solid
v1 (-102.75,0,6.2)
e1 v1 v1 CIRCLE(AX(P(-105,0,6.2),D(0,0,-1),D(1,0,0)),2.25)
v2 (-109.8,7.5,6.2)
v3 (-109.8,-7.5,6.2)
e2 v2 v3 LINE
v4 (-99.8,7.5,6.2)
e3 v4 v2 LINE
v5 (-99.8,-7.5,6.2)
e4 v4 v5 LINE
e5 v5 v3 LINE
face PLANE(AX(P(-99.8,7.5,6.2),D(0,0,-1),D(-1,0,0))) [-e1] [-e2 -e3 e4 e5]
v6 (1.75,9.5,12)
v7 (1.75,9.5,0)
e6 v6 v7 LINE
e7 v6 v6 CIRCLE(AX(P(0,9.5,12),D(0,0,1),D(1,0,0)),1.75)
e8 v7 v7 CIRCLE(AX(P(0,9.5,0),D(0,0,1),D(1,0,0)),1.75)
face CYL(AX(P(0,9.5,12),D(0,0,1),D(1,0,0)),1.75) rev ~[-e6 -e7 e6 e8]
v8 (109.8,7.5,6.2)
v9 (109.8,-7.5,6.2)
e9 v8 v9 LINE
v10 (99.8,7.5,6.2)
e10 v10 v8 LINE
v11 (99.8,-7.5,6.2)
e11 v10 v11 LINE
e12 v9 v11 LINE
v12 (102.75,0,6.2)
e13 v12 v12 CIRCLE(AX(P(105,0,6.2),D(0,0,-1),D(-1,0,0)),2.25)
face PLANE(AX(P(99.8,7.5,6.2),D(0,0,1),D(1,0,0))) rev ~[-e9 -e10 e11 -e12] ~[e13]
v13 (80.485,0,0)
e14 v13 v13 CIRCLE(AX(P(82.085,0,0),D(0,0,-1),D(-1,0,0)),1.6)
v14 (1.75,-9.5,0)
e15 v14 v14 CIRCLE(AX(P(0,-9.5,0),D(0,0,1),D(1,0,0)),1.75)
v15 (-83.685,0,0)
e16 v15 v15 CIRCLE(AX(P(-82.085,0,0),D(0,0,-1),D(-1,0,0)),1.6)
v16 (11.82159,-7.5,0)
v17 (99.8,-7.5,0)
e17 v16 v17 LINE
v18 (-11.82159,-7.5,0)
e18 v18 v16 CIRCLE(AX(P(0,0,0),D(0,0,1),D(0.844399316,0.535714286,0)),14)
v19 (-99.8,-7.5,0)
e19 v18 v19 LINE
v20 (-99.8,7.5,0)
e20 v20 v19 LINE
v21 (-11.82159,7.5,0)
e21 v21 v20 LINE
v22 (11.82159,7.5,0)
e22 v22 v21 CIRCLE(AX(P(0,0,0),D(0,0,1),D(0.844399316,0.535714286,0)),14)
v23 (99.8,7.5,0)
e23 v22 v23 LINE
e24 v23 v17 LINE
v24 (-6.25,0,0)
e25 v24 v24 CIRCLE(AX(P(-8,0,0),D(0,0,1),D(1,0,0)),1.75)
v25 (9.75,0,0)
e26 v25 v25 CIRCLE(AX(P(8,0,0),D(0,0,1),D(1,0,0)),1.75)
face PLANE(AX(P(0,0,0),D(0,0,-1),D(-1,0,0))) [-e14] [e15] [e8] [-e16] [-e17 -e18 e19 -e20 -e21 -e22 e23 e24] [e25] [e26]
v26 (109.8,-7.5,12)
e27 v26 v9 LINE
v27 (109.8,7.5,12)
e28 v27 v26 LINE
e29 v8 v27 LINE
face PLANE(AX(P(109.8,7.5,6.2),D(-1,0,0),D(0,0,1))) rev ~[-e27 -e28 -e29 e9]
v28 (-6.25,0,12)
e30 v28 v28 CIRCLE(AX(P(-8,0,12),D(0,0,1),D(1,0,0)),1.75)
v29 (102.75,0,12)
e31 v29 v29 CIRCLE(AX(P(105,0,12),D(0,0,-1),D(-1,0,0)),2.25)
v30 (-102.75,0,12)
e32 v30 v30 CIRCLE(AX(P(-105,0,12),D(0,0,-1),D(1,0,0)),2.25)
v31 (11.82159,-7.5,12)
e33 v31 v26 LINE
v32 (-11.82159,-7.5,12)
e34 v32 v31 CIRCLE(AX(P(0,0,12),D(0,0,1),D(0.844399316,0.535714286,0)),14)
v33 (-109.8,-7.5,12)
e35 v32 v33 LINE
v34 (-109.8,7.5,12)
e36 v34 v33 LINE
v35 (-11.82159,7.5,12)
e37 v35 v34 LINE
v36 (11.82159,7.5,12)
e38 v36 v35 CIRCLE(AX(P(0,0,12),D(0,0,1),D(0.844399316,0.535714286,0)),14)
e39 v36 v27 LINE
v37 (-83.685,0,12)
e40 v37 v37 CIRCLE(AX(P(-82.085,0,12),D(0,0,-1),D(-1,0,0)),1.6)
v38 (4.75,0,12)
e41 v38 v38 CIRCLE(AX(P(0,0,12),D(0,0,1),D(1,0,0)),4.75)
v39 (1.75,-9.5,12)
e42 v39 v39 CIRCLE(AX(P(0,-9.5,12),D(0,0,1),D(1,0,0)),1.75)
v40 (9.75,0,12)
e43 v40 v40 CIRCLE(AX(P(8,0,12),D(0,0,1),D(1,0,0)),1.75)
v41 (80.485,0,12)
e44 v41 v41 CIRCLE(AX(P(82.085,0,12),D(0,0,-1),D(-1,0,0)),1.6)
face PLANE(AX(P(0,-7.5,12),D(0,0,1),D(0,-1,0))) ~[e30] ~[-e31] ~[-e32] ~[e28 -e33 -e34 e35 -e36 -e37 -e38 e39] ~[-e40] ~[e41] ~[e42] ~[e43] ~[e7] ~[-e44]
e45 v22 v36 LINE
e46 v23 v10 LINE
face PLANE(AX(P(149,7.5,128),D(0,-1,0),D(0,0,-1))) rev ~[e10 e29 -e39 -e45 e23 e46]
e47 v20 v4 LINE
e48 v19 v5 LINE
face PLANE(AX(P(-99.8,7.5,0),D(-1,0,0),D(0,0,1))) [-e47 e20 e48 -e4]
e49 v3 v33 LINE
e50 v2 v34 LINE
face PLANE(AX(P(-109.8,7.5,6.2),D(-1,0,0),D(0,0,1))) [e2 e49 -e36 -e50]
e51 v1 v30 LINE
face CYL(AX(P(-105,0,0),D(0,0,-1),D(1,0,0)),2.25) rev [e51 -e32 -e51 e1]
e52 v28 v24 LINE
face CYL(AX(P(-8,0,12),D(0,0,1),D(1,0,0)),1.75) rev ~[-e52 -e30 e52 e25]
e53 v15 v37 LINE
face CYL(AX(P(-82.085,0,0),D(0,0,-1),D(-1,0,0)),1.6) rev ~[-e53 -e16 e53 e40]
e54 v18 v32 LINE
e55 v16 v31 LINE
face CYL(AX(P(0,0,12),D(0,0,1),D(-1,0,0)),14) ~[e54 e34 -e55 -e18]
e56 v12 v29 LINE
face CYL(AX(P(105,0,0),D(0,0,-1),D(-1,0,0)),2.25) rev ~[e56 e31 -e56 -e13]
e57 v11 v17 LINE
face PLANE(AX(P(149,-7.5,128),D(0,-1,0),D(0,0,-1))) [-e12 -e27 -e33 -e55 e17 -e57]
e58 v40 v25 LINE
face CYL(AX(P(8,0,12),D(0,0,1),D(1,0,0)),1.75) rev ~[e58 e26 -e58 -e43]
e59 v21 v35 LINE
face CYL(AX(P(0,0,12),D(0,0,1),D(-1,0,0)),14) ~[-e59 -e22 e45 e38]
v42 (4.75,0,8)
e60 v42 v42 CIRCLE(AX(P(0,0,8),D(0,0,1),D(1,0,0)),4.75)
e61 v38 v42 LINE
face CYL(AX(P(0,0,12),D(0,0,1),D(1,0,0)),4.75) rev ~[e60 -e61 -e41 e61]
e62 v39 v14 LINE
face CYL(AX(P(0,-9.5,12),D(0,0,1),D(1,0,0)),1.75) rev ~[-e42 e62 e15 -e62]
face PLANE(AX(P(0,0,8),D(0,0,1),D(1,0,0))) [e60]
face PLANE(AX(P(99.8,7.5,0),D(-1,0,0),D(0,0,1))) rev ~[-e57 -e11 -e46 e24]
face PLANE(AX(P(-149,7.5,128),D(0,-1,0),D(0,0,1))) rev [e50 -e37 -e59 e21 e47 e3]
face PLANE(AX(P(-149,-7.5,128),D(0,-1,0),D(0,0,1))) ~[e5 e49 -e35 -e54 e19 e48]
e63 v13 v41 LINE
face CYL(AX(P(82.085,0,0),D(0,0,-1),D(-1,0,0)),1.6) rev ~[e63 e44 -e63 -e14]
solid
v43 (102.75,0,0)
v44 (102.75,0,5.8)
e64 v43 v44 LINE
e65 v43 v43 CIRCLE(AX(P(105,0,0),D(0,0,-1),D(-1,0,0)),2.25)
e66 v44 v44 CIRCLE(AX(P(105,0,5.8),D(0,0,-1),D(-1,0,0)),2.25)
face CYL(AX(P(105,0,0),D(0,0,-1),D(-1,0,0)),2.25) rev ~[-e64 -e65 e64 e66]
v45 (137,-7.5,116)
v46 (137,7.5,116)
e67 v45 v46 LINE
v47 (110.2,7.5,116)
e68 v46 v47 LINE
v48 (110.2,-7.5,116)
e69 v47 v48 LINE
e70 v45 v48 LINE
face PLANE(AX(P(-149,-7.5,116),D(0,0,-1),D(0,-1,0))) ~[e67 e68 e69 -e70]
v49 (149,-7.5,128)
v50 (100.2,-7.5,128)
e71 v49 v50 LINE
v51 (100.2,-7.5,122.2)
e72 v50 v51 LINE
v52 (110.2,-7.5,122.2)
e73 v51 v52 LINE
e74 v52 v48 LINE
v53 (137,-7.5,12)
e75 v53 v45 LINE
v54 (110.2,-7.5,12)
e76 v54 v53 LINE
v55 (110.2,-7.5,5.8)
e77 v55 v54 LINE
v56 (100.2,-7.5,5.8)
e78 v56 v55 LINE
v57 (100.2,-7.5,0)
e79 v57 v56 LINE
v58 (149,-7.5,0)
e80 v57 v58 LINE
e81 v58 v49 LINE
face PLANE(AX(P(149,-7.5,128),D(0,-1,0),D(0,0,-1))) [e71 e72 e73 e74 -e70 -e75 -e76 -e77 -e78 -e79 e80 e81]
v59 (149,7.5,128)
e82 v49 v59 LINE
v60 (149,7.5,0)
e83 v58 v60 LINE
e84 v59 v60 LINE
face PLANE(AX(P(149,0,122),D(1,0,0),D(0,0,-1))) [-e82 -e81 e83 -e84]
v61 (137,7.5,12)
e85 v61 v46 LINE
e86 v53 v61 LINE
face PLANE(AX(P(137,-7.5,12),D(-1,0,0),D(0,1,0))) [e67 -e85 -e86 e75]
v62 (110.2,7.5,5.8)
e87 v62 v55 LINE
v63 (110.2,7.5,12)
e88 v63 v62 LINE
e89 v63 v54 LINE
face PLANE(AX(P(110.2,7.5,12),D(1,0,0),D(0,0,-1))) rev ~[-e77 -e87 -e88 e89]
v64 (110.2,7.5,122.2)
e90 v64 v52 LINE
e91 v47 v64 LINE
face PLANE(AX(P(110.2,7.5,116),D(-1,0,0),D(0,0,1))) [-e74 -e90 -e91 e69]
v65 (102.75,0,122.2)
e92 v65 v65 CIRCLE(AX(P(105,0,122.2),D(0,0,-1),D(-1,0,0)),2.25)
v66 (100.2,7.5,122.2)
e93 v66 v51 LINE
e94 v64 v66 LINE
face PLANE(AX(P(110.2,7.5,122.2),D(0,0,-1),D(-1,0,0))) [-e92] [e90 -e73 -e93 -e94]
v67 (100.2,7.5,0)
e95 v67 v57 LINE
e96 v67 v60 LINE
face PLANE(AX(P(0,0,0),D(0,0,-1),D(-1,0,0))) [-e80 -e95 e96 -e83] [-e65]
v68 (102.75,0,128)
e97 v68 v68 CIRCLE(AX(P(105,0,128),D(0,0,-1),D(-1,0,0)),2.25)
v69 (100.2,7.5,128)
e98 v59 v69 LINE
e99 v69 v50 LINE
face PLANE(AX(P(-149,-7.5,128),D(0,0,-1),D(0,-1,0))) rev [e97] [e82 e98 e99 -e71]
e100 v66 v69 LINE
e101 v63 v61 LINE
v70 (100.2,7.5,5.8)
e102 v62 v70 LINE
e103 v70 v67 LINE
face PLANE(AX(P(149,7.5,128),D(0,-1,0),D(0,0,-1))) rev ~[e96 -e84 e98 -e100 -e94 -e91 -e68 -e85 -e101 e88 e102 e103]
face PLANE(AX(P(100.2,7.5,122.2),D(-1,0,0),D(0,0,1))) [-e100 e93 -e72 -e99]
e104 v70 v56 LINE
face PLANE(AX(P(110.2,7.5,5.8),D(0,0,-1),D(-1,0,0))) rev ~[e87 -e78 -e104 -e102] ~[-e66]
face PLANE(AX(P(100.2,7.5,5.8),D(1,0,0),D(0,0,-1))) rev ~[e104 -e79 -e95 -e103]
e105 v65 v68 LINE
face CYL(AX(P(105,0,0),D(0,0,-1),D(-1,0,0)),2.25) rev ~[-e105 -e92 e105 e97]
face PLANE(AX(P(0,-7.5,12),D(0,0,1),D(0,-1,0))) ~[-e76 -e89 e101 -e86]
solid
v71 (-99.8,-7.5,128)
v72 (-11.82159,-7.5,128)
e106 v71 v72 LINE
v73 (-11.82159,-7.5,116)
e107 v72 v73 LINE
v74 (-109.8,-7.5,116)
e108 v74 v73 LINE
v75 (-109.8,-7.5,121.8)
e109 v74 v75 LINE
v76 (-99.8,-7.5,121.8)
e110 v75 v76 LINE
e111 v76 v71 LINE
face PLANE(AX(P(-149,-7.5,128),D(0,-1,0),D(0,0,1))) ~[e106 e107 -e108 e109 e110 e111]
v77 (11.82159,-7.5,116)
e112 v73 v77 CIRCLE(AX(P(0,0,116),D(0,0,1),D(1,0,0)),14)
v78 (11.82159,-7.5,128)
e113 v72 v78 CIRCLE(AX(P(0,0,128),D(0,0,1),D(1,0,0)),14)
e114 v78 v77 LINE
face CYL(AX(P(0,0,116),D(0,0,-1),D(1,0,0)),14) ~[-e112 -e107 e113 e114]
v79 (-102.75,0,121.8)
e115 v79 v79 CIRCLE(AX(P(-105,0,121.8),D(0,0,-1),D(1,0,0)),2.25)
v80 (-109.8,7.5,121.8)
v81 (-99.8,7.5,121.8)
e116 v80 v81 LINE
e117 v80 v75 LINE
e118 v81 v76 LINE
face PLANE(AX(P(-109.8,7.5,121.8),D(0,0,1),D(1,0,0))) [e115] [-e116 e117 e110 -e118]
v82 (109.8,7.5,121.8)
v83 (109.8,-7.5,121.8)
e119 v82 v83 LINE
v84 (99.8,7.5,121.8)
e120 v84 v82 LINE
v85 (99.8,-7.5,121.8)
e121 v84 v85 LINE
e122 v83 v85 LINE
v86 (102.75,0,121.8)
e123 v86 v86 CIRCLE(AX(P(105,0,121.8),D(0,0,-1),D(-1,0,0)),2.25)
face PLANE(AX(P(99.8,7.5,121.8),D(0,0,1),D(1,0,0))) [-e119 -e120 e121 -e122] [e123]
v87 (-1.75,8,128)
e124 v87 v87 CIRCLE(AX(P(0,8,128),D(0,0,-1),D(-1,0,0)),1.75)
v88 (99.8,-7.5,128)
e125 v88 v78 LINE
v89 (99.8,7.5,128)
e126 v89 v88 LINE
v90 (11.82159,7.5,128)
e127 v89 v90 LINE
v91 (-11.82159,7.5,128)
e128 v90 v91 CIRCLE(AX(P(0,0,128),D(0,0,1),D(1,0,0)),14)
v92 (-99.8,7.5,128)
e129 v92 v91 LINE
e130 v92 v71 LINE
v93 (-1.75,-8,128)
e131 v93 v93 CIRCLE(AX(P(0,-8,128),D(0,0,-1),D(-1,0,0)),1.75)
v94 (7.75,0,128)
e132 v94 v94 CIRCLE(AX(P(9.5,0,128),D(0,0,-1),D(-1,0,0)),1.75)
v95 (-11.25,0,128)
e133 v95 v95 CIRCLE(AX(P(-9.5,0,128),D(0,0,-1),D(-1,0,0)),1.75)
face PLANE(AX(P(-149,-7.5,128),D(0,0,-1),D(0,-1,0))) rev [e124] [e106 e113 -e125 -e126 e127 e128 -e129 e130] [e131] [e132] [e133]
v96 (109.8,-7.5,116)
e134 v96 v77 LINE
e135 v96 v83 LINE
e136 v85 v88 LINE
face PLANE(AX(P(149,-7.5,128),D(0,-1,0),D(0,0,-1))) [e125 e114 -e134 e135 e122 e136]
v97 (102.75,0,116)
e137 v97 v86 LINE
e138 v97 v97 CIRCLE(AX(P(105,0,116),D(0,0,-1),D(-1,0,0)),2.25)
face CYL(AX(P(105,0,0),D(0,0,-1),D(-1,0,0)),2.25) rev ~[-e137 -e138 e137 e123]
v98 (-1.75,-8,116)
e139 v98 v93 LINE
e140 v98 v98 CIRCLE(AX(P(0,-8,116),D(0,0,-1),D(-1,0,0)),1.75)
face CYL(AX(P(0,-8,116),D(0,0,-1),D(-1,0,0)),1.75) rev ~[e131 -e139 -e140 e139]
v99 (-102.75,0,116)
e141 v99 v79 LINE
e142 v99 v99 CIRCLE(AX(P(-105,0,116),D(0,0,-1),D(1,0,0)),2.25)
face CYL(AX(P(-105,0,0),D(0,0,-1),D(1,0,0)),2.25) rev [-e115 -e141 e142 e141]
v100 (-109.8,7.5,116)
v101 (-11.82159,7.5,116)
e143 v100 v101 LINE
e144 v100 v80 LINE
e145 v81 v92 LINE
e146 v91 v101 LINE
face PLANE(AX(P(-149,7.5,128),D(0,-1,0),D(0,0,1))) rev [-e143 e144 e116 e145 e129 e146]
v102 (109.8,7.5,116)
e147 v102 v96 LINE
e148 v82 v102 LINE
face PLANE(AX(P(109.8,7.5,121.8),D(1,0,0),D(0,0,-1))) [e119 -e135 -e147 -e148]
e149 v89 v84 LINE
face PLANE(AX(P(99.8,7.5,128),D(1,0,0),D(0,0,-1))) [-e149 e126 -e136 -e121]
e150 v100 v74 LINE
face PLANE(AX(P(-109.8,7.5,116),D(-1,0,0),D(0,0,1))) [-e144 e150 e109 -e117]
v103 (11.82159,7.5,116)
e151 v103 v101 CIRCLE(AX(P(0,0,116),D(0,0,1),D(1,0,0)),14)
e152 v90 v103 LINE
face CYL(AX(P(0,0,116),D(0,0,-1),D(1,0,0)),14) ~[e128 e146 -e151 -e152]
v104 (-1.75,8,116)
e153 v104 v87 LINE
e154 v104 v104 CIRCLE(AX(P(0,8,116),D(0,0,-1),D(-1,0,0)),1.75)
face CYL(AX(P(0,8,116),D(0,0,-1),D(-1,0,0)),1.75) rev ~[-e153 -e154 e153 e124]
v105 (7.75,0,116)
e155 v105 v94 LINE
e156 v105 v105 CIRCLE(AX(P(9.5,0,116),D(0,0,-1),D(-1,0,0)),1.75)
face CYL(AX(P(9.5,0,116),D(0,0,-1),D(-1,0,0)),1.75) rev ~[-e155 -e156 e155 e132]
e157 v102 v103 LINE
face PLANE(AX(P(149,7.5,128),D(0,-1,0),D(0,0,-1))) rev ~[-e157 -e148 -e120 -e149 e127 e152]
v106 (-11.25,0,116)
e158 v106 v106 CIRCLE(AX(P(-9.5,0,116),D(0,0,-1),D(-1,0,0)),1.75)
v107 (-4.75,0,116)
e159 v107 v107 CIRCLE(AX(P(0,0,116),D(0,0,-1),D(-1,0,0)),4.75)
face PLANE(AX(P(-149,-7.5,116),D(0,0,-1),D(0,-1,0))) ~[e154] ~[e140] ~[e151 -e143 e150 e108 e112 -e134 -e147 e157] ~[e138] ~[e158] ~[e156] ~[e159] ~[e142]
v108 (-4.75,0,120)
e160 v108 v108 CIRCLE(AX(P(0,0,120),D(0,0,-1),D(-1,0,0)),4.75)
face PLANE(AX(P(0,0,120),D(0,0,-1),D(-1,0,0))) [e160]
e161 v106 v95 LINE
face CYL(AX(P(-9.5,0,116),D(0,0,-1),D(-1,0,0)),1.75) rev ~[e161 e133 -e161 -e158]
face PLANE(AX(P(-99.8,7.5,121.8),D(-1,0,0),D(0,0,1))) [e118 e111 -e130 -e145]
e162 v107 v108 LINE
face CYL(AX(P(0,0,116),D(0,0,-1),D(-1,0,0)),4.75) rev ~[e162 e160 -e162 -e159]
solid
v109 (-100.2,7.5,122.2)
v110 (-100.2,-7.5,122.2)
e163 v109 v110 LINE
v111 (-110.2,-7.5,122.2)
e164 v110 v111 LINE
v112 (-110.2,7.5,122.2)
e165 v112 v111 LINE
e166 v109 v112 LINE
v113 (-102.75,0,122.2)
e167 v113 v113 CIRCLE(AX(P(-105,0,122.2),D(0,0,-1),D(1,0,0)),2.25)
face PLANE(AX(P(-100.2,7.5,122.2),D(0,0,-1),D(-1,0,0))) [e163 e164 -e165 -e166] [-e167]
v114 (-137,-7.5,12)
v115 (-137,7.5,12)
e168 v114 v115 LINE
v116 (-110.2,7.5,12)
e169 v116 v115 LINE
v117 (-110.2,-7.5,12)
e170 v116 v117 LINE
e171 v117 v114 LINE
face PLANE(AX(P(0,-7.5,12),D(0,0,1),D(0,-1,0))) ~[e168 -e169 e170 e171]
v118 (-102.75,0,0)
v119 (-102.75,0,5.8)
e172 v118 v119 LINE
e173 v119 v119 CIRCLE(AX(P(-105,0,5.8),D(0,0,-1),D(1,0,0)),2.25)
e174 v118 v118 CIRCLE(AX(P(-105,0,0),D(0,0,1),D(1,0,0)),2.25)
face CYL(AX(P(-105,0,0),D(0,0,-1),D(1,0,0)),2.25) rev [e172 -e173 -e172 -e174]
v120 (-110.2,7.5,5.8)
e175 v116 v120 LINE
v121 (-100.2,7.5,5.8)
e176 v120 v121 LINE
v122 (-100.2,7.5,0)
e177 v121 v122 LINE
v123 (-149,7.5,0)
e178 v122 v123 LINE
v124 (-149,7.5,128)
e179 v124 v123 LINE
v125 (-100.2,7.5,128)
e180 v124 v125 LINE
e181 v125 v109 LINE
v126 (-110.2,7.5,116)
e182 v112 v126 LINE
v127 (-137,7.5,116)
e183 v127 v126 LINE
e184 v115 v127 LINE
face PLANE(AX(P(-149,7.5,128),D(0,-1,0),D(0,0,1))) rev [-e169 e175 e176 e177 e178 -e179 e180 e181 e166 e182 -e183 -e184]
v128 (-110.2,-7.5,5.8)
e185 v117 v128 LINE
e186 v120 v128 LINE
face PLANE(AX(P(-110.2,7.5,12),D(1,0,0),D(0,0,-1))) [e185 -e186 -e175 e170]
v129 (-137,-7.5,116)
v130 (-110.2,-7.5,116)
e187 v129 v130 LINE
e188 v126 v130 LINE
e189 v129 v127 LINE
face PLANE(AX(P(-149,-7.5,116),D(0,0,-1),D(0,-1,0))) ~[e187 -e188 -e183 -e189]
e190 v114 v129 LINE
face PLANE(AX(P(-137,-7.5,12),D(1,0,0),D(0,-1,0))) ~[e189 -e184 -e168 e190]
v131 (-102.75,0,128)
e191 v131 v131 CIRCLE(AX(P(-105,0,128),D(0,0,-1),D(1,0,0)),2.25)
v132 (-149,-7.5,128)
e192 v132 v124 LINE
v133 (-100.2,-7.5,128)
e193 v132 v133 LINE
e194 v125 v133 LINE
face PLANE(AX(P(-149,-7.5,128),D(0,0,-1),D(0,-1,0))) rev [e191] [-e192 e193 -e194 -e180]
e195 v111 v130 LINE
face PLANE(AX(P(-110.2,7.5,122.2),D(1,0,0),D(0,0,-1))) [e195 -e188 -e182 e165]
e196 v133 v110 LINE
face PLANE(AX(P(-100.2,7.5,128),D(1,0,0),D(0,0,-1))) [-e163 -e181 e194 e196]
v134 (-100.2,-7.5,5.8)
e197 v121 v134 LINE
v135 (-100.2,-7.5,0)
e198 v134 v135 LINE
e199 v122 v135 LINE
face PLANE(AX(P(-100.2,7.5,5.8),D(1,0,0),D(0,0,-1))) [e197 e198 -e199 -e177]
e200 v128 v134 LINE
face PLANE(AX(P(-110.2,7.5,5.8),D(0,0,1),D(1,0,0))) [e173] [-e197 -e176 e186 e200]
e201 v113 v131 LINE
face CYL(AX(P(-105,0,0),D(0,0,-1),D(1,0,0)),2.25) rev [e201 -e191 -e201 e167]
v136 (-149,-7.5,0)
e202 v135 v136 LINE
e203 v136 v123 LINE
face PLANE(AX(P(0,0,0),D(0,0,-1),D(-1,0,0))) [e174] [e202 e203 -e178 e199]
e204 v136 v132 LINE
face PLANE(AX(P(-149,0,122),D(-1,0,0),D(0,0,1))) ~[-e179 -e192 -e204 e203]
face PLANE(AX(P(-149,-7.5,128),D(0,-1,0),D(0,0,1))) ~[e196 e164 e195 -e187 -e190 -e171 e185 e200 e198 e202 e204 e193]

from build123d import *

# Parameters (mm, degrees)
SKETCH2_R           = 14
BOSS_EXTRUDE1_DEPTH = 12
SKETCH10_W          = 12
SKETCH10_H          = 15
BOSS_EXTRUDE5_DEPTH = 149
SKETCH11_W          = 12
SKETCH11_H          = 15
BOSS_EXTRUDE6_DEPTH = 104
SKETCH12_W          = 12
SKETCH12_H          = 15
BOSS_EXTRUDE7_DEPTH = 149
SKETCH13_R          = 14
BOSS_EXTRUDE8_DEPTH = 12
SKETCH4_R           = 4.75
CUT_EXTRUDE2_DEPTH  = 4
SKETCH3_R           = 1.75
CUT_EXTRUDE1_DEPTH  = 13
SKETCH14_R          = 4.75
CUT_EXTRUDE3_DEPTH  = 4
SKETCH15_R          = 1.75
CUT_EXTRUDE4_DEPTH  = 13
CUT_EXTRUDE5_DEPTH  = 22.5
SKETCH17_R          = 2.25
CUT_EXTRUDE6_DEPTH  = 129
SKETCH18_R          = 1.6
CUT_EXTRUDE7_DEPTH  = 12


with BuildPart() as part:
    # Sketch2 → Boss-Extrude1 (new body)
    with BuildSketch(Plane(origin=(0, 0, 12), x_dir=(-1, 0, 0), z_dir=(0, 0, -1))):
        Circle(SKETCH2_R)
    extrude(amount=BOSS_EXTRUDE1_DEPTH)

    # Sketch10 → Boss-Extrude5 (add)
    with BuildSketch(Plane(origin=(0, 0, 0), x_dir=(0, 0, -1), z_dir=(1, 0, 0))):
        with Locations((-6, 0)):
            Rectangle(SKETCH10_W, SKETCH10_H)
    boss_extrude5 = extrude(amount=BOSS_EXTRUDE5_DEPTH)

    # Sketch11 → Boss-Extrude6 (add)
    with BuildSketch(Plane.XY.offset(12)):
        with Locations((143, 0)):
            Rectangle(SKETCH11_W, SKETCH11_H)
    boss_extrude6 = extrude(amount=BOSS_EXTRUDE6_DEPTH)

    # Sketch12 → Boss-Extrude7 (add)
    with BuildSketch(Plane(origin=(149, 0, 0), x_dir=(0, 0, -1), z_dir=(1, 0, 0))):
        with Locations((-122, 0)):
            Rectangle(SKETCH12_W, SKETCH12_H)
    boss_extrude7 = extrude(amount=-BOSS_EXTRUDE7_DEPTH)

    # Sketch13 → Boss-Extrude8 (add)
    with BuildSketch(Plane.XY.offset(116)):
        Circle(SKETCH13_R)
    extrude(amount=BOSS_EXTRUDE8_DEPTH)

    # Mirror6: Boss-Extrude5, Boss-Extrude6, Boss-Extrude7 across plane
    add(boss_extrude5.mirror(Plane(origin=(0, 0, 0), x_dir=(0, 0, 1), z_dir=(1, 0, 0))))
    add(boss_extrude6.mirror(Plane(origin=(0, 0, 0), x_dir=(0, 0, 1), z_dir=(1, 0, 0))))
    add(boss_extrude7.mirror(Plane(origin=(0, 0, 0), x_dir=(0, 0, 1), z_dir=(1, 0, 0))))

    # Sketch4 → Cut-Extrude2 (cut)
    with BuildSketch(Plane.XY.offset(12)):
        Circle(SKETCH4_R)
    extrude(amount=-CUT_EXTRUDE2_DEPTH, mode=Mode.SUBTRACT)

    # Sketch3 → Cut-Extrude1 (cut, through all)
    with BuildSketch(Plane.XY.offset(12)):
        with Locations((8, 0)):
            Circle(SKETCH3_R)
        with Locations((0, -9.5)):
            Circle(SKETCH3_R)
        with Locations((-8, 0)):
            Circle(SKETCH3_R)
        with Locations((0, 9.5)):
            Circle(SKETCH3_R)
    extrude(amount=-CUT_EXTRUDE1_DEPTH, mode=Mode.SUBTRACT)

    # Sketch14 → Cut-Extrude3 (cut)
    with BuildSketch(Plane(origin=(0, 0, 116), x_dir=(-1, 0, 0), z_dir=(0, 0, -1))):
        Circle(SKETCH14_R)
    extrude(amount=-CUT_EXTRUDE3_DEPTH, mode=Mode.SUBTRACT)

    # Sketch15 → Cut-Extrude4 (cut, through all)
    with BuildSketch(Plane(origin=(0, 0, 116), x_dir=(-1, 0, 0), z_dir=(0, 0, -1))):
        with Locations((-9.5, 0)):
            Circle(SKETCH15_R)
        with Locations((0, 8)):
            Circle(SKETCH15_R)
        with Locations((9.5, 0)):
            Circle(SKETCH15_R)
        with Locations((0, -8)):
            Circle(SKETCH15_R)
    extrude(amount=-CUT_EXTRUDE4_DEPTH, mode=Mode.SUBTRACT)

    # Sketch16 → Cut-Extrude5 (cut, through all)
    with BuildSketch(Plane(origin=(0, 7.5, 0), x_dir=(1, 0, 0), z_dir=(0, 1, 0))):
        Polygon((99.8, 0), (99.8, -6.2), (109.8, -6.2), (109.8, -12), (110.2, -12), (110.2, -5.8), (100.2, -5.8), (100.2, 0), align=None)
        Polygon((109.8, -116), (110.2, -116), (110.2, -122.2), (100.2, -122.2), (100.2, -128), (99.8, -128), (99.8, -121.8), (109.8, -121.8), align=None)
        Polygon((-99.8, -128), (-100.2, -128), (-100.2, -122.2), (-110.2, -122.2), (-110.2, -116), (-109.8, -116), (-109.8, -121.8), (-99.8, -121.8), align=None)
        Polygon((-109.8, -12), (-110.2, -12), (-110.2, -5.8), (-100.2, -5.8), (-100.2, 0), (-99.8, 0), (-99.8, -6.2), (-109.8, -6.2), align=None)
    extrude(amount=-CUT_EXTRUDE5_DEPTH, mode=Mode.SUBTRACT)

    # Sketch17 → Cut-Extrude6 (cut, through all)
    with BuildSketch(Plane(origin=(0, 0, 0), x_dir=(-1, 0, 0), z_dir=(0, 0, -1))):
        with Locations((-105, 0)):
            Circle(SKETCH17_R)
    cut_extrude6 = extrude(amount=-CUT_EXTRUDE6_DEPTH, mode=Mode.SUBTRACT)

    # Mirror7: Cut-Extrude6 across plane
    add(cut_extrude6.mirror(Plane(origin=(0, 0, 0), x_dir=(0, 0, 1), z_dir=(1, 0, 0))), mode=Mode.SUBTRACT)

    # Sketch18 → Cut-Extrude7 (cut)
    with BuildSketch(Plane(origin=(0, 0, 0), x_dir=(-1, 0, 0), z_dir=(0, 0, -1))):
        with Locations((82.085, 0)):
            Circle(SKETCH18_R)
        with Locations((-82.085, 0)):
            Circle(SKETCH18_R)
    extrude(amount=-CUT_EXTRUDE7_DEPTH, mode=Mode.SUBTRACT)


solid = part.part
